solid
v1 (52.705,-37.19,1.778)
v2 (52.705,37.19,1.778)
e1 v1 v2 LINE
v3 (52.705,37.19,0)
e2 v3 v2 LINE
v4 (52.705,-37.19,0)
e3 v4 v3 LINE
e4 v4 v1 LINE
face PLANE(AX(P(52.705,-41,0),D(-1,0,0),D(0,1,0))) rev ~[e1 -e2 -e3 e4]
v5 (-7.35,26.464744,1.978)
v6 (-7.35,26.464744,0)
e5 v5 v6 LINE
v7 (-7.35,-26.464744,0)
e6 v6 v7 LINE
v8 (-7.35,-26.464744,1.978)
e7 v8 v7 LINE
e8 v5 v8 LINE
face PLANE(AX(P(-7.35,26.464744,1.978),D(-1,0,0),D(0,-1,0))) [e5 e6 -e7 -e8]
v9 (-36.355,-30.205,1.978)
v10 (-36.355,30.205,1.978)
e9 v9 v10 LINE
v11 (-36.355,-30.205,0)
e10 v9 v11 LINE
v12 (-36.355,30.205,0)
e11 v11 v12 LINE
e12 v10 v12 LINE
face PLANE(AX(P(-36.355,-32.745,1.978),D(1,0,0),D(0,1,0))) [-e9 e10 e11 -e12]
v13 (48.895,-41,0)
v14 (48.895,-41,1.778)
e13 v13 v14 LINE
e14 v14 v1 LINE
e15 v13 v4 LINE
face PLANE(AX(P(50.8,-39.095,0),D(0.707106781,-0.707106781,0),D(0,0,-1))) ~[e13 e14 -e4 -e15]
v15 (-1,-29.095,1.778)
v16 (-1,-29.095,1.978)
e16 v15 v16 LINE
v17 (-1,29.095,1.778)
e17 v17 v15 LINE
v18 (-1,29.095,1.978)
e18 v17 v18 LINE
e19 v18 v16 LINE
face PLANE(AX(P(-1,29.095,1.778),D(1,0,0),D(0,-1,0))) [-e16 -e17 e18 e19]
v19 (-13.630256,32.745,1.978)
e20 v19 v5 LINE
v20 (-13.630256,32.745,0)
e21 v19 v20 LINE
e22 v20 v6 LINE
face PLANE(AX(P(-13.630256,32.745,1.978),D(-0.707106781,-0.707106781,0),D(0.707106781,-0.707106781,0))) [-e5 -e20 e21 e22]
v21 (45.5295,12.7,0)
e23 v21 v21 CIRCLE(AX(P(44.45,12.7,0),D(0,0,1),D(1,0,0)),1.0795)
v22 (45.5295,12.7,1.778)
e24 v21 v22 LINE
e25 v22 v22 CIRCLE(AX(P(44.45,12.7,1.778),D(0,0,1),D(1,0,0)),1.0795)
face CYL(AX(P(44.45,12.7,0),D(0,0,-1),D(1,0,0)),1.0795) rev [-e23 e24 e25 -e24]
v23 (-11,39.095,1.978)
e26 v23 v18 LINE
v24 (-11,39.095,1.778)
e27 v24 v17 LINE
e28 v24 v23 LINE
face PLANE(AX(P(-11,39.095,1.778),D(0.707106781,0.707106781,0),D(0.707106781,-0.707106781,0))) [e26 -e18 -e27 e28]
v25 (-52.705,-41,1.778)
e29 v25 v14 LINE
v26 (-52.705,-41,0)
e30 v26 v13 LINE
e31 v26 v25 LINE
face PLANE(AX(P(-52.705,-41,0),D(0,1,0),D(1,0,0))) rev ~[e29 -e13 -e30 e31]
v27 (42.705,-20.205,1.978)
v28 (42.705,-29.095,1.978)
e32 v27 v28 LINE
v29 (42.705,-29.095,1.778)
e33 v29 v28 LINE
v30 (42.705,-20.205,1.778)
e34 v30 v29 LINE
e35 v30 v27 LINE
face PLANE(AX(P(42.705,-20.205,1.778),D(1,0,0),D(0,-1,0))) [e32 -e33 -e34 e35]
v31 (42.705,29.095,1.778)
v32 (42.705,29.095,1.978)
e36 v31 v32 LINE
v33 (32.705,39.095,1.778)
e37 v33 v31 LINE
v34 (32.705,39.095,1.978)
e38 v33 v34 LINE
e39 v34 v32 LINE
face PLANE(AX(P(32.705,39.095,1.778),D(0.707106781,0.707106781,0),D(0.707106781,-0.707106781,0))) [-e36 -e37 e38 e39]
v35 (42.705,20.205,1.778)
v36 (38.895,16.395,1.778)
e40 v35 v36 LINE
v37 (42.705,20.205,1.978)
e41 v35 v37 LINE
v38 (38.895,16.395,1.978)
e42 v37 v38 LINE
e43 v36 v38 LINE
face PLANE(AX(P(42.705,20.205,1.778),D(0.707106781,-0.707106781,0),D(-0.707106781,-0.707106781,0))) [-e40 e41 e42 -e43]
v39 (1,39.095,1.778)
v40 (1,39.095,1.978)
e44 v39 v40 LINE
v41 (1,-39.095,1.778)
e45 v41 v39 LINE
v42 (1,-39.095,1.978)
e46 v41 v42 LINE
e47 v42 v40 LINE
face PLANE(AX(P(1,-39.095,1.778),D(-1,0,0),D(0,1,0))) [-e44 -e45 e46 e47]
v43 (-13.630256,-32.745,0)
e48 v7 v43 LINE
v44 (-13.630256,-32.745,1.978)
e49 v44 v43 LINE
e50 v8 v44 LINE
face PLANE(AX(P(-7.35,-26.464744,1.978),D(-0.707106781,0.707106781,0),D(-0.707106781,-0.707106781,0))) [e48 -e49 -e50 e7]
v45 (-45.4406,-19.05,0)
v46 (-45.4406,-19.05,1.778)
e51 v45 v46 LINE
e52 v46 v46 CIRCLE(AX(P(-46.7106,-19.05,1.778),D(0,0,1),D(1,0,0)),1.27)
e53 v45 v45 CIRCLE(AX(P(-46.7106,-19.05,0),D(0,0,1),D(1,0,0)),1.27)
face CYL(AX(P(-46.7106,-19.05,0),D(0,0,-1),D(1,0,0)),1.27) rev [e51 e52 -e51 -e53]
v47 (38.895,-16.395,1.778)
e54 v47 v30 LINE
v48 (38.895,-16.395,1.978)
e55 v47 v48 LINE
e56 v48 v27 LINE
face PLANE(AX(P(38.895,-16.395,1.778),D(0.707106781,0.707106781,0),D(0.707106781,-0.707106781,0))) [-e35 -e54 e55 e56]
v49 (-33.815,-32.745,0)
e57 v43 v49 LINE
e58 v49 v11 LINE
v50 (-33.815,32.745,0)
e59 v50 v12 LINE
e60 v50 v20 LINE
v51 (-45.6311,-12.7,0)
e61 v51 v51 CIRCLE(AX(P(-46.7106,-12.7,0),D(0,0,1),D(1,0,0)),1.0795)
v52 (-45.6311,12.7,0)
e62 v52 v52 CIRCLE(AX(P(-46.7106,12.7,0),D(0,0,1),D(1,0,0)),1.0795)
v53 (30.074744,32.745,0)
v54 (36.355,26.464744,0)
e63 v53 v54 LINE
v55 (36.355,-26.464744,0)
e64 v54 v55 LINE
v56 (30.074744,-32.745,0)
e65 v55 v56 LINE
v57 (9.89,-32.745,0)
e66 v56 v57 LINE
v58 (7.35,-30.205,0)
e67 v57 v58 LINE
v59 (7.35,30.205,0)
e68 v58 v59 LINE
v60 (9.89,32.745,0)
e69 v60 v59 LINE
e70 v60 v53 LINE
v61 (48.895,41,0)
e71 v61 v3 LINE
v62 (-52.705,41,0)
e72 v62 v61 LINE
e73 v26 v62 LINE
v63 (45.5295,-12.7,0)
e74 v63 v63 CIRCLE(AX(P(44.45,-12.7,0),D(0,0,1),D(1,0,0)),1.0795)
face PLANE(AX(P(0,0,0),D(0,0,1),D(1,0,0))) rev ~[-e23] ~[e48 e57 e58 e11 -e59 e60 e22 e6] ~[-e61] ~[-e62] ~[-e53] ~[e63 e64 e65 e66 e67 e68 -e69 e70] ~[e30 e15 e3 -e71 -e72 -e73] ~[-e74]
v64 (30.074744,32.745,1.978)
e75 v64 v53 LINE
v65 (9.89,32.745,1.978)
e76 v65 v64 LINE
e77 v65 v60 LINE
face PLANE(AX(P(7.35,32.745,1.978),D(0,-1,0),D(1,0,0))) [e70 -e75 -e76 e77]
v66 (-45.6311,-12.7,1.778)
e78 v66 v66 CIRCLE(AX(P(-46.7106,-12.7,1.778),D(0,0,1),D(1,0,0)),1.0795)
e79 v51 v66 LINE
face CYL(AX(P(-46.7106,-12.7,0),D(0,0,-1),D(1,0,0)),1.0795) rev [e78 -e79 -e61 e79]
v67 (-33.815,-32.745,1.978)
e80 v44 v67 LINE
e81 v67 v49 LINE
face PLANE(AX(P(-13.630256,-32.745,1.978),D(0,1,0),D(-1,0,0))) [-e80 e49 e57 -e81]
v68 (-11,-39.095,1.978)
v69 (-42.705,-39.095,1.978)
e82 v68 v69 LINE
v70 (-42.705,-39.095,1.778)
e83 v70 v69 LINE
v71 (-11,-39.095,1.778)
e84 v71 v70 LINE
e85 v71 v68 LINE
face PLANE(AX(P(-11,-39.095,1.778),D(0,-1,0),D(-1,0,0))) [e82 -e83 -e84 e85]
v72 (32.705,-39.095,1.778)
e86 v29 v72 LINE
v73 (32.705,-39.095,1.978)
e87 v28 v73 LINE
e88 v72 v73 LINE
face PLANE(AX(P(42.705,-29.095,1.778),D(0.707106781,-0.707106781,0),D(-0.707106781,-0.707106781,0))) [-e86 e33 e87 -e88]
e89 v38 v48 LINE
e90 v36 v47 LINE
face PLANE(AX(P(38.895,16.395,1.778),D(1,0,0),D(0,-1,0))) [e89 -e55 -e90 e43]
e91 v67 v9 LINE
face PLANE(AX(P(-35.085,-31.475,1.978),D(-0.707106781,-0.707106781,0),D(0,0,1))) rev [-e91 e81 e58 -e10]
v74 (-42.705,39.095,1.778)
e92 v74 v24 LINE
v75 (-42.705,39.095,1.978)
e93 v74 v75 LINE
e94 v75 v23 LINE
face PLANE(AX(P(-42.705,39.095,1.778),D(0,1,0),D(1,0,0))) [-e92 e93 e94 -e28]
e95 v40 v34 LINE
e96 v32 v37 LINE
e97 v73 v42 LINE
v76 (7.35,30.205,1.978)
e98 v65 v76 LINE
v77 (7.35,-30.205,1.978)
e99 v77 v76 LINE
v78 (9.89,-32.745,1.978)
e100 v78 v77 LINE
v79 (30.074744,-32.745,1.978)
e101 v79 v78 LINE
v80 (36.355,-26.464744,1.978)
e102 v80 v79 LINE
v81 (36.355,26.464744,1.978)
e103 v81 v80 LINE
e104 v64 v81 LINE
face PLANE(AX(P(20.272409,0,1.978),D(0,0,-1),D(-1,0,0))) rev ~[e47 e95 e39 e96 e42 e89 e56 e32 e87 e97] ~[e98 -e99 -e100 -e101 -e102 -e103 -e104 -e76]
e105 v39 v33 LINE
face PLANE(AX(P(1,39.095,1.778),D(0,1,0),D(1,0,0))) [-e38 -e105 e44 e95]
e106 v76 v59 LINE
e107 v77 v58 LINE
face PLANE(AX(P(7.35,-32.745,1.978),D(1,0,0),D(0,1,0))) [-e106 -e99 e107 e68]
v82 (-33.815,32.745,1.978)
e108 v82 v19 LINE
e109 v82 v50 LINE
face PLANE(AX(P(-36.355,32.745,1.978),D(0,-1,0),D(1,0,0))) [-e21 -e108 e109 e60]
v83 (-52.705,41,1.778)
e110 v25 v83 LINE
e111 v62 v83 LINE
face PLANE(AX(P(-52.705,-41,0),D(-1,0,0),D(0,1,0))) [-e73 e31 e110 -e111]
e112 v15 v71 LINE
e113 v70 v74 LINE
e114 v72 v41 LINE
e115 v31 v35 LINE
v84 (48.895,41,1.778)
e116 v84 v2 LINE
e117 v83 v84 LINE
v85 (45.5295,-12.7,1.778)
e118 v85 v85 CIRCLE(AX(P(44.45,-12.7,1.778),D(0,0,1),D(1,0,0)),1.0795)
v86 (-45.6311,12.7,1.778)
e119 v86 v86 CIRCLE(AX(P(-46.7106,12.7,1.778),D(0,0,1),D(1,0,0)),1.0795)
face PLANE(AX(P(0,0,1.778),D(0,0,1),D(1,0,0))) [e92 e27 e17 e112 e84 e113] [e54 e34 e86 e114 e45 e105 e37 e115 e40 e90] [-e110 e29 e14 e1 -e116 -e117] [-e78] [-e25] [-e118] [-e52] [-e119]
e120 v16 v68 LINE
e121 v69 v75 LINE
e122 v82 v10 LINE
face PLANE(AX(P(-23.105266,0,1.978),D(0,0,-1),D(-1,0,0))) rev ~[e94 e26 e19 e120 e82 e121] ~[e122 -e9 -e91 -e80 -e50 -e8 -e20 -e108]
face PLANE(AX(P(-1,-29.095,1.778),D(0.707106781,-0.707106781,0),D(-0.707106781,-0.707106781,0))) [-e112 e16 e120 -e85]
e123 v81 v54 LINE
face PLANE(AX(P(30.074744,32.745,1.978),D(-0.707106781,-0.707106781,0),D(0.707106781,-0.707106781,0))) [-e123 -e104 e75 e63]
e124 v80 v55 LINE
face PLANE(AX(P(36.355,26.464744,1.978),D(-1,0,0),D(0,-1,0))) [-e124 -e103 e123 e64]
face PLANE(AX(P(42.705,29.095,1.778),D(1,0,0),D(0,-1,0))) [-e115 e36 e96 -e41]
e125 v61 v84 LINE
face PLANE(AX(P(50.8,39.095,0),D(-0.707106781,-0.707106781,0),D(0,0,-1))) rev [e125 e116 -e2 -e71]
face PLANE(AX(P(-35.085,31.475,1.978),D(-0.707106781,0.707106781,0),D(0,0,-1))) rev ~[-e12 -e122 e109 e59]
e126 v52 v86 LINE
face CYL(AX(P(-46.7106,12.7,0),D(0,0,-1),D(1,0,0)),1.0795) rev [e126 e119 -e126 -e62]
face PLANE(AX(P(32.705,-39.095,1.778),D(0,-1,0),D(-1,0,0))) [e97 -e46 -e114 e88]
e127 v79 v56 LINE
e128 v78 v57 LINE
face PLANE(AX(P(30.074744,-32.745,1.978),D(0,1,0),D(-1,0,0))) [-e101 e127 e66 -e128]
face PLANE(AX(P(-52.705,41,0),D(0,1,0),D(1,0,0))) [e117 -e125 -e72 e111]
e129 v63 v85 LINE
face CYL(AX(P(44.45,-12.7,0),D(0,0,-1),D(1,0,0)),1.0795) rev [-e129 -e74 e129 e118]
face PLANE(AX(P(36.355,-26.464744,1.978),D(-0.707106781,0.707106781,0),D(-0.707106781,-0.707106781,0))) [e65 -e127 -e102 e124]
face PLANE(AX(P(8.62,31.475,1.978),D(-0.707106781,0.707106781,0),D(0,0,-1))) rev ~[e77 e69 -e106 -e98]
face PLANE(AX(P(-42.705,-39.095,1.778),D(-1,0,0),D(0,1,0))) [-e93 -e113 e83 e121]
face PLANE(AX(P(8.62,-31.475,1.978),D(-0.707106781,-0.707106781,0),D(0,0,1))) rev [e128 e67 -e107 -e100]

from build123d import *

# Parameters (mm, degrees)
SKETCH1_W           = 105.41
SKETCH1_H           = 82
SKETCH1_R           = 1.0795
SKETCH1_R_2         = 1.27
BOSS_EXTRUDE1_DEPTH = 1.778
BOSS_EXTRUDE2_DEPTH = 0.2
CUT_EXTRUDE1_DEPTH  = 2.978
CHAMFER1_SIZE       = 2.54
CHAMFER2_SIZE       = 3.81


with BuildPart() as part:
    # Sketch1 → Boss-Extrude1 (new body)
    with BuildSketch(Plane.XY):
        Rectangle(SKETCH1_W, SKETCH1_H)
        with Locations((44.45, 12.7)):
            Circle(SKETCH1_R, mode=Mode.SUBTRACT)
        with Locations((44.45, -12.7)):
            Circle(SKETCH1_R, mode=Mode.SUBTRACT)
        with Locations((-46.7106, 12.7)):
            Circle(SKETCH1_R, mode=Mode.SUBTRACT)
        with Locations((-46.7106, -12.7)):
            Circle(SKETCH1_R, mode=Mode.SUBTRACT)
        with Locations((-46.7106, -19.05)):
            Circle(SKETCH1_R_2, mode=Mode.SUBTRACT)
    extrude(amount=BOSS_EXTRUDE1_DEPTH)

    # Sketch2 → Boss-Extrude2 (add)
    with BuildSketch(Plane.XY.offset(1.778)):
        Polygon((-11, 39.095), (-1, 29.095), (-1, -29.095), (-11, -39.095), (-42.705, -39.095), (-42.705, 39.095), align=None)
        Polygon((42.705, 20.205), (38.895, 16.395), (38.895, -16.395), (42.705, -20.205), (42.705, -29.095), (32.705, -39.095), (1, -39.095), (1, 39.095), (32.705, 39.095), (42.705, 29.095), align=None)
    extrude(amount=BOSS_EXTRUDE2_DEPTH)

    # Sketch3 → Cut-Extrude1 (cut, through all)
    with BuildSketch(Plane.XY.offset(1.978)):
        Polygon((-36.355, -32.745), (-36.355, 32.745), (-13.630256121, 32.745), (-7.35, 26.464743879), (-7.35, -26.464743879), (-13.630256121, -32.745), align=None)
        Polygon((7.35, -32.745), (7.35, 32.745), (30.074743879, 32.745), (36.355, 26.464743879), (36.355, -26.464743879), (30.074743879, -32.745), align=None)
    extrude(amount=-CUT_EXTRUDE1_DEPTH, mode=Mode.SUBTRACT)

    # Chamfer1
    chamfer1_edges = [part.edges().sort_by_distance(p)[0] for p in [
        (-36.355, -32.745, 0.989),
        (-36.355, 32.745, 0.989),
        (7.35, -32.745, 0.989),
        (7.35, 32.745, 0.989),
    ]]
    chamfer(chamfer1_edges, length=CHAMFER1_SIZE)

    # Chamfer2
    chamfer2_edges = [part.edges().sort_by_distance(p)[0] for p in [
        (52.705, 41, 0.889),
        (52.705, -41, 0.889),
    ]]
    chamfer(chamfer2_edges, length=CHAMFER2_SIZE)


solid = part.part
